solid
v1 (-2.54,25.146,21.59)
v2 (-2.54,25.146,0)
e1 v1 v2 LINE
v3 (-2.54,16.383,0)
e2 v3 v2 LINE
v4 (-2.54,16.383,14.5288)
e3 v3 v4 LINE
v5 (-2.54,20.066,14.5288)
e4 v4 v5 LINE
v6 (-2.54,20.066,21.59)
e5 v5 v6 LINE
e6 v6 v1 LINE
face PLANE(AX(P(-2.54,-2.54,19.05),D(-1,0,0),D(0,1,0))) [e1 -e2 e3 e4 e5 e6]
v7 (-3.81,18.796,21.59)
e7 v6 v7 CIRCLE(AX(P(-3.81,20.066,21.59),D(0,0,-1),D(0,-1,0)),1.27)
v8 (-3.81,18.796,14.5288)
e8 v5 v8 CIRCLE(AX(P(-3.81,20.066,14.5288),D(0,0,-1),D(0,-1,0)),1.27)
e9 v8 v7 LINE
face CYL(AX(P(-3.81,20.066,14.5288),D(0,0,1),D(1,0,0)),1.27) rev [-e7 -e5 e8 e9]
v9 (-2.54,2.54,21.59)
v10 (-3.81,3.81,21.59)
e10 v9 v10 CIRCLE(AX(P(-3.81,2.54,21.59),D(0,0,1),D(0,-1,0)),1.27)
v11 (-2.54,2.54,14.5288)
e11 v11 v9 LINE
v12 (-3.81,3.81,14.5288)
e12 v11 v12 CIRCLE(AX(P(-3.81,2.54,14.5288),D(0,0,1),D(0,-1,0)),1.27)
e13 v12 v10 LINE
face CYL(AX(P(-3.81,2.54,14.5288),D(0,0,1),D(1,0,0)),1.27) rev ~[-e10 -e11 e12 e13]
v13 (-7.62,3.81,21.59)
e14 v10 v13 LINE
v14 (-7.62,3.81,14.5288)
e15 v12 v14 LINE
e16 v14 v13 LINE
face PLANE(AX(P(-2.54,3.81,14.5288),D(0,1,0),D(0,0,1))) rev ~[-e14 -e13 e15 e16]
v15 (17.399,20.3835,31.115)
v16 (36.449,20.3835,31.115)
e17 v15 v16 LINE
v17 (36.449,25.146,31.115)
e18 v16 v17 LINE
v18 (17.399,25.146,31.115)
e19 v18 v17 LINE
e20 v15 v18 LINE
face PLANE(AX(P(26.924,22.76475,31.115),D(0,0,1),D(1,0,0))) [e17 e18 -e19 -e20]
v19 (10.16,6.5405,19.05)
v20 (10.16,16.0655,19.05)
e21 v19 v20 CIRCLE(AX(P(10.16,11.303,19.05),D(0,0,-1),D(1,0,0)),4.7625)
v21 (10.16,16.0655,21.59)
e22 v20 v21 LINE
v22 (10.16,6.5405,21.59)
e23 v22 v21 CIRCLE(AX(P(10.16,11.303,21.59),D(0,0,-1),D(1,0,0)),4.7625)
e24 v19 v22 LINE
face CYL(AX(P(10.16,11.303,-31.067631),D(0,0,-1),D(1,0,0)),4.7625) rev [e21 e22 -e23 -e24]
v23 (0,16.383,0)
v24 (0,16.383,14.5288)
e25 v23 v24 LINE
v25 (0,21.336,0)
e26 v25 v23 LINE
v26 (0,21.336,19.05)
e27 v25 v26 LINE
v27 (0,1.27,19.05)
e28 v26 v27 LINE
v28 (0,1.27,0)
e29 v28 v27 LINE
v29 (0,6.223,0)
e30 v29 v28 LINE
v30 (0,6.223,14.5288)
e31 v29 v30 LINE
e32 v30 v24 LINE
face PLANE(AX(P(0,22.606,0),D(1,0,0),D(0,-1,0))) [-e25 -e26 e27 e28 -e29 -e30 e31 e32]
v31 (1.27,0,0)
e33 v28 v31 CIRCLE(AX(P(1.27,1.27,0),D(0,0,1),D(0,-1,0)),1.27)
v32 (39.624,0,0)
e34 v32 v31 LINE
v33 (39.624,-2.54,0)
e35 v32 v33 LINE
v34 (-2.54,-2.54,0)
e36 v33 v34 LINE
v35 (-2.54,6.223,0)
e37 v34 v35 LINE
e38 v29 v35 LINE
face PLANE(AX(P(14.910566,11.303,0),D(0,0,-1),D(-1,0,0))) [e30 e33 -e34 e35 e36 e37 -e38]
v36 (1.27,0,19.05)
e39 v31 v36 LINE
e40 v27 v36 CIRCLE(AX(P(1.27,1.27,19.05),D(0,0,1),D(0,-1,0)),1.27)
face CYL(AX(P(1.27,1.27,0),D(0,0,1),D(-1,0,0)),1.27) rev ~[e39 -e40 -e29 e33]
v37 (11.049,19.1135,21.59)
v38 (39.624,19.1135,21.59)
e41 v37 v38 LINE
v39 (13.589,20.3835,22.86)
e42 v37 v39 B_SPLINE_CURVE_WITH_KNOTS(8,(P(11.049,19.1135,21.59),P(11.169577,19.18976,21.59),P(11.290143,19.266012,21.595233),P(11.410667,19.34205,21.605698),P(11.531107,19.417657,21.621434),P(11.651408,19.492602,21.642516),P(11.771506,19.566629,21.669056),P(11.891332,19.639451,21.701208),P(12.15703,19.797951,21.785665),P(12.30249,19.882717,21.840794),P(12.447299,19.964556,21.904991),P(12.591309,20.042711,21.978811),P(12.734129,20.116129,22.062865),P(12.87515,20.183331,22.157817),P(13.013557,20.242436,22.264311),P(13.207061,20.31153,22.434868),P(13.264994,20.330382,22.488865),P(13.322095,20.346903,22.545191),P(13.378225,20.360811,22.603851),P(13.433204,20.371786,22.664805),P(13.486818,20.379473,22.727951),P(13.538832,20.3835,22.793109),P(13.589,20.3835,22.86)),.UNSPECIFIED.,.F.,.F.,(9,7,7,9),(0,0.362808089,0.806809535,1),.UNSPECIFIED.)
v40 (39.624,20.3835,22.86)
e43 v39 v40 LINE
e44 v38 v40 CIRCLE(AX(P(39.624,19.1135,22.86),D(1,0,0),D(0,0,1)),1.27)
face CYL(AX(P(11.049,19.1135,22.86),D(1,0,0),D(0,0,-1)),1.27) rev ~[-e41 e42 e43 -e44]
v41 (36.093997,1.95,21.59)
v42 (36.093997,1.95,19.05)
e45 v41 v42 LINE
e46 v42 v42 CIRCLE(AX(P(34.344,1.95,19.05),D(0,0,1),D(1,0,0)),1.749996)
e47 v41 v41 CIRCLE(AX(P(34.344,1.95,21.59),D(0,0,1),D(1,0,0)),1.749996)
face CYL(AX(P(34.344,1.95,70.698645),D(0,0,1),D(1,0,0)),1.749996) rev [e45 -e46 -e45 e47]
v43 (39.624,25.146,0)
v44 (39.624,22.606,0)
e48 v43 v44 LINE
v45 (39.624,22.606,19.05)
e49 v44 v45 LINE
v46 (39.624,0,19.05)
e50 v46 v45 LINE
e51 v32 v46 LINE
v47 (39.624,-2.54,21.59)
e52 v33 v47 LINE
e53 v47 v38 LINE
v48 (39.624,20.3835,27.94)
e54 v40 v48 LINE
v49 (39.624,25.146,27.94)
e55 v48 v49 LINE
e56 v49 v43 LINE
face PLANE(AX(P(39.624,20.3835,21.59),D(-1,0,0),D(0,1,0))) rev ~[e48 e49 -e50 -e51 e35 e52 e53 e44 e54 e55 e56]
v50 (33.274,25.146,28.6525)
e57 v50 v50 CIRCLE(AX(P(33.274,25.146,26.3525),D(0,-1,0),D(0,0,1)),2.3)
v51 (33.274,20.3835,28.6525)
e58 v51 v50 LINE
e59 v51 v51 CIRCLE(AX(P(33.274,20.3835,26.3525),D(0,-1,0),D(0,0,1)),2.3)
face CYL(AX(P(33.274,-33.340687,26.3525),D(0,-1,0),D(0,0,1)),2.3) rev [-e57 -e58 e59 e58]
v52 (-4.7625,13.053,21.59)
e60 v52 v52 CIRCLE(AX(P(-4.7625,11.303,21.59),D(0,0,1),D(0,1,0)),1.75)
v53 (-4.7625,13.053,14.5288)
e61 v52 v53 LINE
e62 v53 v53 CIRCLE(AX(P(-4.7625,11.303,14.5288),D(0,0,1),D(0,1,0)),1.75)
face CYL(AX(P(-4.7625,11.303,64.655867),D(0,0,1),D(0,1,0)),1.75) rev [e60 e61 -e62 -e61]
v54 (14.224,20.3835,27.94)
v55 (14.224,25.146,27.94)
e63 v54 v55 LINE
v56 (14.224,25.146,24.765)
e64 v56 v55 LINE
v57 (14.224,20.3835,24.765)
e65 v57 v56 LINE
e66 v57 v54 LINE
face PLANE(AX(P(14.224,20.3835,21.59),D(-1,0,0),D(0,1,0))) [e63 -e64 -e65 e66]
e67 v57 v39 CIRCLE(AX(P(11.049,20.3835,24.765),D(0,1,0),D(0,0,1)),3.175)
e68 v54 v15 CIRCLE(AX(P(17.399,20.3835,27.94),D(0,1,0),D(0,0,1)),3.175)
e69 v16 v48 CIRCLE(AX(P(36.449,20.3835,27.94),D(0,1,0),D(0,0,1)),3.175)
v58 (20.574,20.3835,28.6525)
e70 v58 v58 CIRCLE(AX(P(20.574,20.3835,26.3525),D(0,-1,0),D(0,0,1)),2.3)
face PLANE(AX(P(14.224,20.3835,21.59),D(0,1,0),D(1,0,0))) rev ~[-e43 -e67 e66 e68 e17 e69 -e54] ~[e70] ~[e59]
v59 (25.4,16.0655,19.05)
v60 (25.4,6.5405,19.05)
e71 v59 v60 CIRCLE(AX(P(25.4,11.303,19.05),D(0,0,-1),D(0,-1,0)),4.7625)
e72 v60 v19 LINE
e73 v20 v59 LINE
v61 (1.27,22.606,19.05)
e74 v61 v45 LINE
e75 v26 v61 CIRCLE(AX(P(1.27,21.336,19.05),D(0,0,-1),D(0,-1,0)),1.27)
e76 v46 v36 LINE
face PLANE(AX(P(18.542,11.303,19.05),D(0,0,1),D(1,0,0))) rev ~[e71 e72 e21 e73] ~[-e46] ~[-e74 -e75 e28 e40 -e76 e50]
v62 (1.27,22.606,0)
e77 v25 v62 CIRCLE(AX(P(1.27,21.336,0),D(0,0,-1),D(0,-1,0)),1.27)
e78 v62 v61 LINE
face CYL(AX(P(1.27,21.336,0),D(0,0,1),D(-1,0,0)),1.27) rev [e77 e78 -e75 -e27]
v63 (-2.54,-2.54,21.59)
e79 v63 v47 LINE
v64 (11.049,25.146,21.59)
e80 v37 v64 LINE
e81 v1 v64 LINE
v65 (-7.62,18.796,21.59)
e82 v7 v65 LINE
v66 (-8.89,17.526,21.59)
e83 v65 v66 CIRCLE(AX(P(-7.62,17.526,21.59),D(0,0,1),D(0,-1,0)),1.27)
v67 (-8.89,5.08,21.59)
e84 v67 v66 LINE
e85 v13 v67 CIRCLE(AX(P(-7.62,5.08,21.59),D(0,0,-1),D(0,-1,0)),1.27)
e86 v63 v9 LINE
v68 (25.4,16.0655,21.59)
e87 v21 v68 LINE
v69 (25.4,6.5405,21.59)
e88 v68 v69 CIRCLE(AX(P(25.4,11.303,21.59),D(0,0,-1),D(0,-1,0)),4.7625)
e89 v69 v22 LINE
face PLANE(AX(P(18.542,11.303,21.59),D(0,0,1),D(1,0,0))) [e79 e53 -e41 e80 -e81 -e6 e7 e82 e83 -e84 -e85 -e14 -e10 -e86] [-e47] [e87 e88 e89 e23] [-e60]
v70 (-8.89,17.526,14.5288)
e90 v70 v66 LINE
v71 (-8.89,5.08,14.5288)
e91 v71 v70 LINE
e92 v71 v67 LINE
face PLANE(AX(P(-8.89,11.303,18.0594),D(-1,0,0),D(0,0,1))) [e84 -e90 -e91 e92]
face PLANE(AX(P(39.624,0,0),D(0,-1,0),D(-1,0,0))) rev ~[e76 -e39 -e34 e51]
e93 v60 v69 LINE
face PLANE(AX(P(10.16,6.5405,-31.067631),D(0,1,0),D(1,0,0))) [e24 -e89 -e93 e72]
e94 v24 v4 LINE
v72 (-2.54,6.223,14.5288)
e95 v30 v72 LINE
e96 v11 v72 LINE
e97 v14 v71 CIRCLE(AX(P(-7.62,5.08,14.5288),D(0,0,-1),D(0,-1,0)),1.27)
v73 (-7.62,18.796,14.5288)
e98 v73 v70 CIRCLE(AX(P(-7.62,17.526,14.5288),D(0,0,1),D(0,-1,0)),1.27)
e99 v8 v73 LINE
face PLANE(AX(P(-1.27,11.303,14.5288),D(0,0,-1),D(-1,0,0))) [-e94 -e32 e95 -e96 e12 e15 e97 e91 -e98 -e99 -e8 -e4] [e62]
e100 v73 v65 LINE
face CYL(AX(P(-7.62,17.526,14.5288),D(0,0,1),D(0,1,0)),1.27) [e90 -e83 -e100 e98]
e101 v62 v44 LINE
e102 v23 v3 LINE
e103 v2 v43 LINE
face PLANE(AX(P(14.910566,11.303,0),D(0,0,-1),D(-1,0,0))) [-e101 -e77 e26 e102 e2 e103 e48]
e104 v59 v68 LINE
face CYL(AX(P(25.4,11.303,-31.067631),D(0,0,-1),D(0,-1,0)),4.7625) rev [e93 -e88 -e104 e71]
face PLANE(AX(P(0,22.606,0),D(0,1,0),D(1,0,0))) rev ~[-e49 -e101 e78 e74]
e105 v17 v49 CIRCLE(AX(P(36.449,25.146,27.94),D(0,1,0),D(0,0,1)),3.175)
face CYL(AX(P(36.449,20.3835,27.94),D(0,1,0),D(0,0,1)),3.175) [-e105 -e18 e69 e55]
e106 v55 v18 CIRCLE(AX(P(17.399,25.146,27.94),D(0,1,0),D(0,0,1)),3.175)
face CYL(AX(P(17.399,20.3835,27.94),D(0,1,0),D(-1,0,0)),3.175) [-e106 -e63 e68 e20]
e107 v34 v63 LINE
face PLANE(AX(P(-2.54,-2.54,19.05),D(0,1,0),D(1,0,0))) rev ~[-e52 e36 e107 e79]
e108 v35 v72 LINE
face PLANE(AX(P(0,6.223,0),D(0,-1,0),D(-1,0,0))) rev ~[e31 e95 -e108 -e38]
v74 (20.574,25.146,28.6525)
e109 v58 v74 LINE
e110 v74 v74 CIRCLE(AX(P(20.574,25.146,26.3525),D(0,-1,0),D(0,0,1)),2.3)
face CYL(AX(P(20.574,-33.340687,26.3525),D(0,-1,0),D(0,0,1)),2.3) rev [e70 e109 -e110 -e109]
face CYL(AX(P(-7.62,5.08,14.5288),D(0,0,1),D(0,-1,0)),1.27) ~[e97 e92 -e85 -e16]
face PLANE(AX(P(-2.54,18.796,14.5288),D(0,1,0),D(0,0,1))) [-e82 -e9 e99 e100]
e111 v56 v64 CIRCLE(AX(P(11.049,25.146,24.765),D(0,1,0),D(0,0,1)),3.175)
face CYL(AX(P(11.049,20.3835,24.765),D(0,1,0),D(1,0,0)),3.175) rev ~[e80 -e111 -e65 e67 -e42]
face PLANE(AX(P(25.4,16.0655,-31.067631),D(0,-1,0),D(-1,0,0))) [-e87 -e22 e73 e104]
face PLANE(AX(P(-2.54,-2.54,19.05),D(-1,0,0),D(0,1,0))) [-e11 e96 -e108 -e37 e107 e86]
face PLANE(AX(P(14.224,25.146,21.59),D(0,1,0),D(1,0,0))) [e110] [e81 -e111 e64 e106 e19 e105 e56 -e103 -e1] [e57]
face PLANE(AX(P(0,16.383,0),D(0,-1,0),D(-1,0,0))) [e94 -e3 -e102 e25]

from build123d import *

# Parameters (mm, degrees)
BOSS_EXTRUDE1_DEPTH     = 19.05
SKETCH2_W               = 42.164
SKETCH2_H               = 27.686
BOSS_EXTRUDE2_DEPTH     = 2.54
SKETCH3_W               = 7.0612
SKETCH3_H               = 14.986
BOSS_EXTRUDE3_DEPTH     = 6.35
CUT_EXTRUDE1_DEPTH      = 50.127067096
CUT_EXTRUDE1_DEPTH_BACK = 50.127067096
SKETCH4_R               = 1.75
FILLET2_R               = 1.27
CUT_EXTRUDE2_DEPTH      = 52.65763053
CUT_EXTRUDE2_DEPTH_BACK = 52.65763053
SKETCH5_R               = 4.7625
SKETCH6_W               = 25.4
SKETCH6_H               = 4.7625
BOSS_EXTRUDE4_DEPTH     = 9.525
FILLET3_R               = 3.175
FILLET4_R               = 1.27
FILLET6_R               = 1.27
CUT_EXTRUDE3_DEPTH      = 58.486687197
CUT_EXTRUDE3_DEPTH_BACK = 58.486687197
SKETCH8_R               = 2.3
SKETCH9_W               = 2.54
SKETCH9_H               = 10.16
CUT_EXTRUDE4_DEPTH      = 14.5288
CUT_EXTRUDE5_DEPTH      = 51.648644651
CUT_EXTRUDE5_DEPTH_BACK = 51.648644651
SKETCH10_R              = 1.7499965


with BuildPart() as part:
    # Sketch1 → Boss-Extrude1 (new body)
    with BuildSketch(Plane.XY):
        Polygon((-2.54, 25.146), (39.624, 25.146), (39.624, 22.606), (37.084, 22.606), (0, 22.606), (0, 0), (37.084, 0), (39.624, 0), (39.624, -2.54), (-2.54, -2.54), align=None)
    extrude(amount=BOSS_EXTRUDE1_DEPTH)

    # Sketch2 → Boss-Extrude2 (add)
    with BuildSketch(Plane.XY.offset(19.05)):
        with Locations((18.542, 11.303)):
            Rectangle(SKETCH2_W, SKETCH2_H)
    extrude(amount=BOSS_EXTRUDE2_DEPTH)

    # Sketch3 → Boss-Extrude3 (add)
    with BuildSketch(Plane.ZY.offset(2.54)):
        with Locations((18.0594, 11.303)):
            Rectangle(SKETCH3_W, SKETCH3_H)
    extrude(amount=BOSS_EXTRUDE3_DEPTH)

    # Sketch4 → Cut-Extrude1 (cut, two sides: drawn at the far end of the back side and taken through both)
    with BuildSketch(Plane(origin=(0, 0, 14.5288), x_dir=(-1, 0, 0), z_dir=(0, 0, -1)).offset(-CUT_EXTRUDE1_DEPTH_BACK)):
        with Locations(Location((4.7625, 11.303, 0), (0, 0, 90))):
            Circle(SKETCH4_R)
    extrude(amount=CUT_EXTRUDE1_DEPTH + CUT_EXTRUDE1_DEPTH_BACK, mode=Mode.SUBTRACT)

    # Fillet2
    fillet2_edges = [part.edges().sort_by_distance(p)[0] for p in [
        (-2.54, 18.796, 18.0594),
        (-2.54, 3.81, 18.0594),
        (-8.89, 18.796, 18.0594),
        (-8.89, 3.81, 18.0594),
    ]]
    fillet(fillet2_edges, radius=FILLET2_R)

    # Sketch5 → Cut-Extrude2 (cut, two sides: drawn at the far end of the back side and taken through both)
    with BuildSketch(Plane.XY.offset(21.59).offset(-CUT_EXTRUDE2_DEPTH_BACK)):
        with Locations((10.16, 11.303)):
            Circle(SKETCH5_R)
        with BuildLine():
            Line((25.4, 16.0655), (10.16, 16.0655))
            ThreePointArc((10.16, 16.0655), (13.527596045, 14.670596045), (14.9225, 11.303))
            ThreePointArc((14.9225, 11.303), (13.527596045, 7.935403955), (10.16, 6.5405))
            Line((10.16, 6.5405), (25.4, 6.5405))
            ThreePointArc((25.4, 6.5405), (20.6375, 11.303), (25.4, 16.0655))
        make_face()
        with Locations((25.4, 11.303)):
            Circle(SKETCH5_R)
    extrude(amount=CUT_EXTRUDE2_DEPTH + CUT_EXTRUDE2_DEPTH_BACK, mode=Mode.SUBTRACT)

    # Sketch6 → Boss-Extrude4 (add)
    with BuildSketch(Plane.XY.offset(21.59)):
        with Locations((26.924, 22.76475)):
            Rectangle(SKETCH6_W, SKETCH6_H)
    extrude(amount=BOSS_EXTRUDE4_DEPTH)

    # Fillet3
    fillet3_edges = [part.edges().sort_by_distance(p)[0] for p in [
        (14.224, 22.76475, 21.59),
        (14.224, 22.76475, 31.115),
        (39.624, 22.76475, 31.115),
    ]]
    fillet(fillet3_edges, radius=FILLET3_R)

    # Fillet4
    fillet4_edges = [part.edges().sort_by_distance(p)[0] for p in [
        (25.3365, 20.3835, 21.59),
    ]]
    fillet(fillet4_edges, radius=FILLET4_R)

    # Fillet6
    fillet6_edges = [part.edges().sort_by_distance(p)[0] for p in [
        (0, 0, 9.525),
        (0, 22.606, 9.525),
    ]]
    fillet(fillet6_edges, radius=FILLET6_R)

    # Sketch8 → Cut-Extrude3 (cut, two sides: drawn at the far end of the back side and taken through both)
    with BuildSketch(Plane(origin=(0, 25.146, 0), x_dir=(1, 0, 0), z_dir=(0, 1, 0)).offset(-CUT_EXTRUDE3_DEPTH_BACK)):
        with Locations(Location((20.574, -26.3525, 0), (0, 0, 270))):
            Circle(SKETCH8_R)
        with Locations(Location((33.274, -26.3525, 0), (0, 0, 270))):
            Circle(SKETCH8_R)
    extrude(amount=CUT_EXTRUDE3_DEPTH + CUT_EXTRUDE3_DEPTH_BACK, mode=Mode.SUBTRACT)

    # Sketch9 → Cut-Extrude4 (cut)
    with BuildSketch(Plane(origin=(0, 0, 0), x_dir=(-1, 0, 0), z_dir=(0, 0, -1))):
        with Locations((1.27, 11.303)):
            Rectangle(SKETCH9_W, SKETCH9_H)
    extrude(amount=-CUT_EXTRUDE4_DEPTH, mode=Mode.SUBTRACT)

    # Sketch10 → Cut-Extrude5 (cut, two sides: drawn at the far end of the back side and taken through both)
    with BuildSketch(Plane(origin=(0, 0, 19.05), x_dir=(-1, 0, 0), z_dir=(0, 0, -1)).offset(-CUT_EXTRUDE5_DEPTH_BACK)):
        with Locations(Location((-34.344, 1.95, 0), (0, 0, 180))):
            Circle(SKETCH10_R)
    extrude(amount=CUT_EXTRUDE5_DEPTH + CUT_EXTRUDE5_DEPTH_BACK, mode=Mode.SUBTRACT)


solid = part.part
